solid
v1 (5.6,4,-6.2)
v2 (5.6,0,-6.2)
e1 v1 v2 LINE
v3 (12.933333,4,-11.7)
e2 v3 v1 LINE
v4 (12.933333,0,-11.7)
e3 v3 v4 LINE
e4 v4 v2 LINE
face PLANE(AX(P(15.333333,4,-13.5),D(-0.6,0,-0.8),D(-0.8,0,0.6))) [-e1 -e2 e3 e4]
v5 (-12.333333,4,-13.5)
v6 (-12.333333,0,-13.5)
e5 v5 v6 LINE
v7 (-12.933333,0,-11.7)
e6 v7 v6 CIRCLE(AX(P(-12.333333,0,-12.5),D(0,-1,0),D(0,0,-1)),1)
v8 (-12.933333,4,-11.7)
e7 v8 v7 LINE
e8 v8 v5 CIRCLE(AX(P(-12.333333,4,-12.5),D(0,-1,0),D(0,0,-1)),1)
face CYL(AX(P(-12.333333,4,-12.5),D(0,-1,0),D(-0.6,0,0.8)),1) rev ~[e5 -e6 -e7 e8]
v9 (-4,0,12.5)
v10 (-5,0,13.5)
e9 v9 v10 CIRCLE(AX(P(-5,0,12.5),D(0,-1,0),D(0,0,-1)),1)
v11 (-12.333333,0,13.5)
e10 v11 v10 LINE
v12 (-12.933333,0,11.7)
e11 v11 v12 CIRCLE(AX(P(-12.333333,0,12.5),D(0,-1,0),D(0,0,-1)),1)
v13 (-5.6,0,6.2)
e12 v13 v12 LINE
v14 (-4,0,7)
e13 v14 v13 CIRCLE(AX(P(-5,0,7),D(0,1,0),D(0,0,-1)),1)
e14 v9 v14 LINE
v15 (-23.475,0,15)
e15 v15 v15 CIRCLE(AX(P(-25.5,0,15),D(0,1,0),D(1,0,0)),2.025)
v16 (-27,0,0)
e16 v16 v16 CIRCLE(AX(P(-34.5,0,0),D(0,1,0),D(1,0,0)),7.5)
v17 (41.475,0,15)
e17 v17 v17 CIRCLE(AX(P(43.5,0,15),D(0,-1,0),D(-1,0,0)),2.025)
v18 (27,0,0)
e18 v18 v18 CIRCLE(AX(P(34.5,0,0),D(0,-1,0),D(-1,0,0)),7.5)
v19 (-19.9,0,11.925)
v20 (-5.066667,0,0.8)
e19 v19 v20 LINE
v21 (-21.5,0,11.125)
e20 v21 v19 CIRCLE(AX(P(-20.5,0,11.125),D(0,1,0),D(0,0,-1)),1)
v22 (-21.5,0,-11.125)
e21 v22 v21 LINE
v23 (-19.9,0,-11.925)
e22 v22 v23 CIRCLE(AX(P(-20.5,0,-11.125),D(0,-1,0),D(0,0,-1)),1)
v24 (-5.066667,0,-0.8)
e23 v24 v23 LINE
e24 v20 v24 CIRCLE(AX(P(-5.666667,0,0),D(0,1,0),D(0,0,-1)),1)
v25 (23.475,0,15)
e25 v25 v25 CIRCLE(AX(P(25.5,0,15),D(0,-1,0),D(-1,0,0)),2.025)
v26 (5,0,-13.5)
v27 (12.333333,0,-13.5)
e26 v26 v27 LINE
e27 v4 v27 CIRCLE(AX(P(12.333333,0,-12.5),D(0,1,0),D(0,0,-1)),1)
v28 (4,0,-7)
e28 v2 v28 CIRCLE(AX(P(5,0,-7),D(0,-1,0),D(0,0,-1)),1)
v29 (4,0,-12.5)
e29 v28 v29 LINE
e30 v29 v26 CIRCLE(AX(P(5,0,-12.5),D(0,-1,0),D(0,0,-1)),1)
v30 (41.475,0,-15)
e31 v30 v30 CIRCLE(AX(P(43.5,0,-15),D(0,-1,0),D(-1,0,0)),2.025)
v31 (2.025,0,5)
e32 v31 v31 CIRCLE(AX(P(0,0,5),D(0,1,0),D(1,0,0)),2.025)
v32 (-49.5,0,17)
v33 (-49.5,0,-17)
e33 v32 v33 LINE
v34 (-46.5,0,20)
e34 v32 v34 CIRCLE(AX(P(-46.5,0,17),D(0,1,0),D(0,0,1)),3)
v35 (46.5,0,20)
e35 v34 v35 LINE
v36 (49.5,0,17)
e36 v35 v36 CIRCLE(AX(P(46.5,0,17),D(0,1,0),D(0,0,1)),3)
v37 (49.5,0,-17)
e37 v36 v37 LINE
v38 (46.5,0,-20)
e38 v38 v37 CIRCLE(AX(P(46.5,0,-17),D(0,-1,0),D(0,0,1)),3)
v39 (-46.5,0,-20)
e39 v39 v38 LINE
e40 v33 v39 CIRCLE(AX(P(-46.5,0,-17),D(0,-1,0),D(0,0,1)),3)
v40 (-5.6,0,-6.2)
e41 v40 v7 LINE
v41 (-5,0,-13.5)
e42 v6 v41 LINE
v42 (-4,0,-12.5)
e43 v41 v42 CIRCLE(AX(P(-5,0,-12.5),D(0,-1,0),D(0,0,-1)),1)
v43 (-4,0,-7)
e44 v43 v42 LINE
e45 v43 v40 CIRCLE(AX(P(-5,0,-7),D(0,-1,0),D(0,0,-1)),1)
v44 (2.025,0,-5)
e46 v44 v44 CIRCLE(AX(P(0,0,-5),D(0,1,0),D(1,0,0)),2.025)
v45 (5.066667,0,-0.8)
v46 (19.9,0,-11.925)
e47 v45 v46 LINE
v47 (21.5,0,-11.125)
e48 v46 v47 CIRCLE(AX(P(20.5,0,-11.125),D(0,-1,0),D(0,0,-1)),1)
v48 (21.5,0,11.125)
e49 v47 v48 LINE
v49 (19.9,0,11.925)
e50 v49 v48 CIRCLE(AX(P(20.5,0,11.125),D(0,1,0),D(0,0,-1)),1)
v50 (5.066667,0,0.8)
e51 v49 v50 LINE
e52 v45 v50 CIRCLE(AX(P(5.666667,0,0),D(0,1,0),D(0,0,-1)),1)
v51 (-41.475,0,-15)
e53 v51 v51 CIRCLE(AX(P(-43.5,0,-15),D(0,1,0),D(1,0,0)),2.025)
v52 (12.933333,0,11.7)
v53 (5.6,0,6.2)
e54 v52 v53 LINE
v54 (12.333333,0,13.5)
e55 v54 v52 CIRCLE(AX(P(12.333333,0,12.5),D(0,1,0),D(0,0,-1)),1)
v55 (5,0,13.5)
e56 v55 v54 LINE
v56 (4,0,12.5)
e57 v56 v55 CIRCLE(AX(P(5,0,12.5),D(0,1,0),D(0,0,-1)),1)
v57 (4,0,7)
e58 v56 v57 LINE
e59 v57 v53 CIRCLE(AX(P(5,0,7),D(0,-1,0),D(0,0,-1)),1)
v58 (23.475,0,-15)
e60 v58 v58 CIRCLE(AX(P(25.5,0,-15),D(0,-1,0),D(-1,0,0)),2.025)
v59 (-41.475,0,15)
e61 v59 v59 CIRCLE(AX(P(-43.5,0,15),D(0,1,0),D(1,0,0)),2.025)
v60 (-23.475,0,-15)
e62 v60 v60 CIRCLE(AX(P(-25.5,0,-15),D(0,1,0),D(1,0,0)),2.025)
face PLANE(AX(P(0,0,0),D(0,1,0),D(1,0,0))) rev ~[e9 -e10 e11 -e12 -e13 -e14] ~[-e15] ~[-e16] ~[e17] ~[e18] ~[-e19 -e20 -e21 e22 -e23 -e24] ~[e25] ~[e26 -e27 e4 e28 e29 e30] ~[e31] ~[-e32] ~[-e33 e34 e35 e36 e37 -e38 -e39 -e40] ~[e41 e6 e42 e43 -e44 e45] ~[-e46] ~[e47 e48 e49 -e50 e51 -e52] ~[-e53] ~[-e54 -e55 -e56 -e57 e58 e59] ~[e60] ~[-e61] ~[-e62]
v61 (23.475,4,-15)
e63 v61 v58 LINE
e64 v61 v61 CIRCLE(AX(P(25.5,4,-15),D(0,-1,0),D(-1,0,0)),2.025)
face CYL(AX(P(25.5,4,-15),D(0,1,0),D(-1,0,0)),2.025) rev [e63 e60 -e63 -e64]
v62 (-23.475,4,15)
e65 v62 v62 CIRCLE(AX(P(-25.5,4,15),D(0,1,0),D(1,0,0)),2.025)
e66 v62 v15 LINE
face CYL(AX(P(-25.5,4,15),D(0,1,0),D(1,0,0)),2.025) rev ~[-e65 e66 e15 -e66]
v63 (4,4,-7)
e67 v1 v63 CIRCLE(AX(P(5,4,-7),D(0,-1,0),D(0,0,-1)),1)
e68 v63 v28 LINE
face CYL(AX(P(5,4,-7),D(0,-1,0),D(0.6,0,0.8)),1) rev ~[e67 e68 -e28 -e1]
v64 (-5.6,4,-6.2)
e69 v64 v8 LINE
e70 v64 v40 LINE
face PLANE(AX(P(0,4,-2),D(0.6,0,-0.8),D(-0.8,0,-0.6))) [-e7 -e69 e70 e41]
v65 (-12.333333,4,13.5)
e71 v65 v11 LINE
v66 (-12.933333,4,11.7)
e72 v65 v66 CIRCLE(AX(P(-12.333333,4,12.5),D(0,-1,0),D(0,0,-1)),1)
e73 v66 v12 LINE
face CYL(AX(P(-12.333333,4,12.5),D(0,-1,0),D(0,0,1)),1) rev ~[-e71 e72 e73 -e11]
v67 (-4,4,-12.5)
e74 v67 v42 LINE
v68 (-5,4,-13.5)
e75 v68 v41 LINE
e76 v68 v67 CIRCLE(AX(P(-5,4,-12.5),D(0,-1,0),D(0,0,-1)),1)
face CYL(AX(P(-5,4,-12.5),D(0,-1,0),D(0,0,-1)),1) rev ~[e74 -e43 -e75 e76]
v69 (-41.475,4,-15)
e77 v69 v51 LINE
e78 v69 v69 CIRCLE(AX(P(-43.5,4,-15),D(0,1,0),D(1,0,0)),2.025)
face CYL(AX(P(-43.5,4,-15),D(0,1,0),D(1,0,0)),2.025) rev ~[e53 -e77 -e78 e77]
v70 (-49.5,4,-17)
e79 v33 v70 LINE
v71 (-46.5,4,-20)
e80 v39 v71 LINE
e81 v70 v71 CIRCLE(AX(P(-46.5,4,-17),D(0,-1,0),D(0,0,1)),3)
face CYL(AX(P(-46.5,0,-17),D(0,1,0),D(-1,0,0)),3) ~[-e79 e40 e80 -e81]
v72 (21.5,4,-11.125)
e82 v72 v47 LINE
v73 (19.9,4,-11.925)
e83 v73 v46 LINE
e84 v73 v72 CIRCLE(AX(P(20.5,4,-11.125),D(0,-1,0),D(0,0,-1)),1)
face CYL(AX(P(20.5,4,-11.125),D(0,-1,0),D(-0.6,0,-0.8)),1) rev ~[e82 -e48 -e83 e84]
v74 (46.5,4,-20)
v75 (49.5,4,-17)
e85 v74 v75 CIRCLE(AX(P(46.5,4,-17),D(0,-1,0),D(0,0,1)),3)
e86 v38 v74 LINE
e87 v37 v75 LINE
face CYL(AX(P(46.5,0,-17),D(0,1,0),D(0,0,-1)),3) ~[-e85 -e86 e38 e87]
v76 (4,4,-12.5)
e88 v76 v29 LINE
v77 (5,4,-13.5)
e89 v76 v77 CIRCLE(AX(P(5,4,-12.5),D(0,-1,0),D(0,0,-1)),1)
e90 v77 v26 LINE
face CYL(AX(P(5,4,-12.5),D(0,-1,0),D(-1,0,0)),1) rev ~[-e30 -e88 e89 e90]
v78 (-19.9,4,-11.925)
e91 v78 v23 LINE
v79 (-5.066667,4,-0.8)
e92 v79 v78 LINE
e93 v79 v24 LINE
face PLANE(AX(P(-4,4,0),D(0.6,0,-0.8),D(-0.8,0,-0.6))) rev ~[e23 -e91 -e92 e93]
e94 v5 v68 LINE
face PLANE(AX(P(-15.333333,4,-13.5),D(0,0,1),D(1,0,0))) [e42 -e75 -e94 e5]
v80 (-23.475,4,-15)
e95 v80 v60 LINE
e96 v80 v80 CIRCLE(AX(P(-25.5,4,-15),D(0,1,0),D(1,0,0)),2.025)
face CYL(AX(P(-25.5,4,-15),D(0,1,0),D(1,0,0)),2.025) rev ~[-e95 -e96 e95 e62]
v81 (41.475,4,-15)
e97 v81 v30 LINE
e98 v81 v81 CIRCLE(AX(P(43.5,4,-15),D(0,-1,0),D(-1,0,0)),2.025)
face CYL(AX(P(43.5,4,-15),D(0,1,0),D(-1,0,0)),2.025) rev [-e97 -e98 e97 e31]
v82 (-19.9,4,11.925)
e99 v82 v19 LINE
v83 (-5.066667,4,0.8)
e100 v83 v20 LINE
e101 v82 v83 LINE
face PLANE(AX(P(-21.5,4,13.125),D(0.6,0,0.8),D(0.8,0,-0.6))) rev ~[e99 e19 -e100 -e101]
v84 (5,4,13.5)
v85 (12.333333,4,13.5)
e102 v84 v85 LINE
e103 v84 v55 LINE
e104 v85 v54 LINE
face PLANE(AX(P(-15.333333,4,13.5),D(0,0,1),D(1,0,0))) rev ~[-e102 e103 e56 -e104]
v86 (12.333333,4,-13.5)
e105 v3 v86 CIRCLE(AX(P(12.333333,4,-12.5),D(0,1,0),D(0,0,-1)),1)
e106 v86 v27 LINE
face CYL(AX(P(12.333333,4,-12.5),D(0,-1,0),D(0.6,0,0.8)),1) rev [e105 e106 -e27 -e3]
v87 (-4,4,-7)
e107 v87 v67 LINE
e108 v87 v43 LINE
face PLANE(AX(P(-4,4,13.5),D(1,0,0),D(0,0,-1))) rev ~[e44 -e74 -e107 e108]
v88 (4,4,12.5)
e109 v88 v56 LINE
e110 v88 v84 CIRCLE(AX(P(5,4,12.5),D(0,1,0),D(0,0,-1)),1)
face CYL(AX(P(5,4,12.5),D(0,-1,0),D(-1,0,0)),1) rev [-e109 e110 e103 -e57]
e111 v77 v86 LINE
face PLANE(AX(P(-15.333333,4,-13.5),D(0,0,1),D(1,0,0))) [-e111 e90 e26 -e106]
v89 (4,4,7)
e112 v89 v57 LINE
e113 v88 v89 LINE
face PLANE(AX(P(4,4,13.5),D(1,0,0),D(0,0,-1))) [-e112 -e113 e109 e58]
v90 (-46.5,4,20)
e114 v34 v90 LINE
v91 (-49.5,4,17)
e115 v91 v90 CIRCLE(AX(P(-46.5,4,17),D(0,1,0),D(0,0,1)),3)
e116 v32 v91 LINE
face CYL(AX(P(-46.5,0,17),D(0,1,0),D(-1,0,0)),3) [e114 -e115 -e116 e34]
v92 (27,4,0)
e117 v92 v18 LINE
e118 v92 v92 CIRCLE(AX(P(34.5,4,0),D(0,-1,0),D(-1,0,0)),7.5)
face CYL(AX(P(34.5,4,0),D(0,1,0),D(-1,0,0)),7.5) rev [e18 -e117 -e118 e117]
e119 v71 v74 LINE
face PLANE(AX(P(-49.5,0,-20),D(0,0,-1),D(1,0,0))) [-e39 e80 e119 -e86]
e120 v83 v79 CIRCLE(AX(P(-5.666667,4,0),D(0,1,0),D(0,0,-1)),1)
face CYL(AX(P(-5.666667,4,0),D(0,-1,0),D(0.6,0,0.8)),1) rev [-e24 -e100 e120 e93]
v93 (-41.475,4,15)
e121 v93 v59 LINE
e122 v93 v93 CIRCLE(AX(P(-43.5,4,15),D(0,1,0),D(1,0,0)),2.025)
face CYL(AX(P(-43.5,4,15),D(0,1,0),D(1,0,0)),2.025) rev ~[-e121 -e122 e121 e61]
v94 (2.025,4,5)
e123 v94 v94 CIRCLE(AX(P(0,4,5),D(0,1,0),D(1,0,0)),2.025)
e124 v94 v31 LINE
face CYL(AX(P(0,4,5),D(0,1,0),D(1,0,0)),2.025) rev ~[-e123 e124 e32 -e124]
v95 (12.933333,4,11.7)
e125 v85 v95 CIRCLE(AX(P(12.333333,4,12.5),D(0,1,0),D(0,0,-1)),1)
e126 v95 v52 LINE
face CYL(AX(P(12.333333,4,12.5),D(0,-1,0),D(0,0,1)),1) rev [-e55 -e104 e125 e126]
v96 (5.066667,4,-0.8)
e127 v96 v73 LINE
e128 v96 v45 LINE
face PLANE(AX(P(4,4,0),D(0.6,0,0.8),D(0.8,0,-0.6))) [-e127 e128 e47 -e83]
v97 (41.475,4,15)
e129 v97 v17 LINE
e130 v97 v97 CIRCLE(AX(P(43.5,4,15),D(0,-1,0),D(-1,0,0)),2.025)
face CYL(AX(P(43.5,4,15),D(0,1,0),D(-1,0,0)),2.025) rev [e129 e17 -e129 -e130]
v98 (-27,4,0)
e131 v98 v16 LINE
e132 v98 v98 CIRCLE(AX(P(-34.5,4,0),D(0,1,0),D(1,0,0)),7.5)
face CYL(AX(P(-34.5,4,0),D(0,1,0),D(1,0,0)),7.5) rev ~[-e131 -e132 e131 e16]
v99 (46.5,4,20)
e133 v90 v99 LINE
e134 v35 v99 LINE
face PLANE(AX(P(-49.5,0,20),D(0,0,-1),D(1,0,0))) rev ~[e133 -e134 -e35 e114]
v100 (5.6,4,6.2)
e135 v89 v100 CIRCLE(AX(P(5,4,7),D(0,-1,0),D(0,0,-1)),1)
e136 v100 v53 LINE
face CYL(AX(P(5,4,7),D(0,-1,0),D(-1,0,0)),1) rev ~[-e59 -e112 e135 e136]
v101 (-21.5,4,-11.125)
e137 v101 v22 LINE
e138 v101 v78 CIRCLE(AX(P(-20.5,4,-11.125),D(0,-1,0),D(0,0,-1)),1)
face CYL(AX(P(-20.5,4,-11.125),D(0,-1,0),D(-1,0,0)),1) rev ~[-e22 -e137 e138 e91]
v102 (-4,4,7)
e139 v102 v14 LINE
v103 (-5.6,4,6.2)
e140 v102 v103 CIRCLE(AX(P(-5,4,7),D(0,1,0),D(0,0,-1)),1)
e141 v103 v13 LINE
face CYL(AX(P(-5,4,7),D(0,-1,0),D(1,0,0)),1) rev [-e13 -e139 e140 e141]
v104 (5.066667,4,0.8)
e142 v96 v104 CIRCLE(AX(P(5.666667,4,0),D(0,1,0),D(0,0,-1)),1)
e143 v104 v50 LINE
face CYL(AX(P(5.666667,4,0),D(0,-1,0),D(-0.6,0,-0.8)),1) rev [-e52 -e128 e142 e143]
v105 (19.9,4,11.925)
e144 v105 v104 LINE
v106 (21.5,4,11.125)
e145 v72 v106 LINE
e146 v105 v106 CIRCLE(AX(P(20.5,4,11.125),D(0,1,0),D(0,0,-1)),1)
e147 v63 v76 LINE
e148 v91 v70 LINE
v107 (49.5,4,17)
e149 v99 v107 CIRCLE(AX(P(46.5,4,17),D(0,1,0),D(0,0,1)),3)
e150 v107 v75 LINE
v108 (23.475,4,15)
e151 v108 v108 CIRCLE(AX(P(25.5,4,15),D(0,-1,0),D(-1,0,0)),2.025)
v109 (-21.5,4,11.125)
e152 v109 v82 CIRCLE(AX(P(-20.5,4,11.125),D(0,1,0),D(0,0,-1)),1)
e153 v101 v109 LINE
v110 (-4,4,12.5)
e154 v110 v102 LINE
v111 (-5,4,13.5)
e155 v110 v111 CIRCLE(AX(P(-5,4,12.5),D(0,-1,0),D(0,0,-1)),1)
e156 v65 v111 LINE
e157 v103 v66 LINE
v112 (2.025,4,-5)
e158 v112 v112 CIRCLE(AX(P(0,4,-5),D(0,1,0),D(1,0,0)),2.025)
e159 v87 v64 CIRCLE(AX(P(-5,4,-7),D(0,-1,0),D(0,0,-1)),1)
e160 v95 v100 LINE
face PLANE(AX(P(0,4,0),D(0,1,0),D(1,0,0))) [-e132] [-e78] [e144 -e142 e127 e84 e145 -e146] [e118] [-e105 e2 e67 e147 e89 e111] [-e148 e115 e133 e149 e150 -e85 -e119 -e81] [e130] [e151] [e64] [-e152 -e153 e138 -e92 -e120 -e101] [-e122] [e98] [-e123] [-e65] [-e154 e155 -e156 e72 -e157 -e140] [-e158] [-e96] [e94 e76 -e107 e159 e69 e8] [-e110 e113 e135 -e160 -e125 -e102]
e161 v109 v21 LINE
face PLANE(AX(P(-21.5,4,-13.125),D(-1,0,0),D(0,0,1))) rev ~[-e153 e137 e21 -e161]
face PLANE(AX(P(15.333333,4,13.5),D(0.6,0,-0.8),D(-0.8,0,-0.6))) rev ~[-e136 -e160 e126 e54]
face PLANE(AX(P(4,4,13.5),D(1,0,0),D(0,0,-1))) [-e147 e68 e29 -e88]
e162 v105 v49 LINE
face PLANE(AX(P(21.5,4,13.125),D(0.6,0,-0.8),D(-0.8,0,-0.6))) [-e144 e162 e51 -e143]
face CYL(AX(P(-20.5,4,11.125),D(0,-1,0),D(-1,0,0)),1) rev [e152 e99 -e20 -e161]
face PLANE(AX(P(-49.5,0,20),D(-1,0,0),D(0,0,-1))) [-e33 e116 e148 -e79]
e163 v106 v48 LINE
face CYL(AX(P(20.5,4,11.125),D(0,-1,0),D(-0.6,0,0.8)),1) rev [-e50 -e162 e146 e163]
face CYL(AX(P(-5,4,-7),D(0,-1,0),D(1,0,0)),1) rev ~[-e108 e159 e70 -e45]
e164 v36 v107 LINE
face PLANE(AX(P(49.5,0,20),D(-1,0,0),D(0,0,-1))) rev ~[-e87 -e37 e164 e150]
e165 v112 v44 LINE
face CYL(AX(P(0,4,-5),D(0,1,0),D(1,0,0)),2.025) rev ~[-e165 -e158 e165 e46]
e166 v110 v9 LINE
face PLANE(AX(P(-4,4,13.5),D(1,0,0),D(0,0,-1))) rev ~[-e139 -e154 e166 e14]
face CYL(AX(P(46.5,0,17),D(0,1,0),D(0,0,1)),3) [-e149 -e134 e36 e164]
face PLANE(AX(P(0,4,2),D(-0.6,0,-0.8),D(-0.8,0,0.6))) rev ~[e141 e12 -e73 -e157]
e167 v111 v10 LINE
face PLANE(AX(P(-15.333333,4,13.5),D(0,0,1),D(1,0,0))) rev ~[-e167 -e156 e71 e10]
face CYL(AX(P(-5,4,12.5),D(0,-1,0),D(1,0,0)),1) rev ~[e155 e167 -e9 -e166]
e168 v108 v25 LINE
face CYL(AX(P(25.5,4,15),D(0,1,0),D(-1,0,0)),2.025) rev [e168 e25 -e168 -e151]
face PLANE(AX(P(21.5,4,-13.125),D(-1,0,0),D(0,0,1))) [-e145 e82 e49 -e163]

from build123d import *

# Parameters (mm, degrees)
SKETCH_1_W          = 99
SKETCH_1_H          = 40
EXTRUDE_1_DEPTH     = 4
SKETCH_2_R          = 2.025
CUT_EXTRUDE_1_DEPTH = 4
FILLET_1_R          = 3
CUT_EXTRUDE_2_DEPTH = 4
FILLET_2_R          = 1
SKETCH_4_R          = 7.5
CUT_EXTRUDE_3_DEPTH = 4
SKETCH_5_W          = 8
SKETCH_5_H          = 27
EXTRUDE_2_DEPTH     = 4
SKETCH_6_R          = 2.025
CUT_EXTRUDE_4_DEPTH = 4
FILLET_3_R          = 1


with BuildPart() as part:
    # 草图1 → 凸台-拉伸1 (new body)
    with BuildSketch(Plane(origin=(0, 0, 0), x_dir=(1, 0, 0), z_dir=(0, 1, 0))):
        Rectangle(SKETCH_1_W, SKETCH_1_H)
    extrude(amount=EXTRUDE_1_DEPTH)

    # 草图2 → 切除-拉伸1 (cut)
    with BuildSketch(Plane(origin=(0, 4, 0), x_dir=(1, 0, 0), z_dir=(0, 1, 0))):
        with Locations((-43.5, 15)):
            Circle(SKETCH_2_R)
        with Locations((-43.5, -15)):
            Circle(SKETCH_2_R)
        with Locations((-25.5, -15)):
            Circle(SKETCH_2_R)
        with Locations((-25.5, 15)):
            Circle(SKETCH_2_R)
    cut_extrude_1 = extrude(amount=-CUT_EXTRUDE_1_DEPTH, mode=Mode.SUBTRACT)

    # 镜向1: 切除-拉伸1 across plane
    add(cut_extrude_1.mirror(Plane(origin=(0, 0, 0), x_dir=(0, 0, 1), z_dir=(1, 0, 0))), mode=Mode.SUBTRACT)

    # 圆角1
    fillet_1_edges = [part.edges().sort_by_distance(p)[0] for p in [
        (49.5, 2, 20),
        (-49.5, 2, 20),
        (-49.5, 2, -20),
        (49.5, 2, -20),
    ]]
    fillet(fillet_1_edges, radius=FILLET_1_R)

    # 草图3 → 切除-拉伸2 (cut)
    with BuildSketch(Plane(origin=(0, 4, 0), x_dir=(1, 0, 0), z_dir=(0, 1, 0))):
        Polygon((-15.333333333, 13.5), (15.333333333, 13.5), (0, 2), align=None)
        Polygon((-21.5, 13.125), (-21.5, -13.125), (-4, 0), align=None)
        Polygon((-15.333333333, -13.5), (15.333333333, -13.5), (0, -2), align=None)
        Polygon((21.5, 13.125), (21.5, -13.125), (4, 0), align=None)
    extrude(amount=-CUT_EXTRUDE_2_DEPTH, mode=Mode.SUBTRACT)

    # 圆角2
    fillet_2_edges = [part.edges().sort_by_distance(p)[0] for p in [
        (15.333333333, 2, -13.5),
        (-15.333333333, 2, -13.5),
        (0, 2, -2),
        (15.333333333, 2, 13.5),
        (0, 2, 2),
        (-15.333333333, 2, 13.5),
        (-21.5, 2, 13.125),
        (-4, 2, 0),
        (-21.5, 2, -13.125),
        (21.5, 2, 13.125),
        (21.5, 2, -13.125),
        (4, 2, 0),
    ]]
    fillet(fillet_2_edges, radius=FILLET_2_R)

    # 草图4 → 切除-拉伸3 (cut)
    with BuildSketch(Plane(origin=(0, 4, 0), x_dir=(1, 0, 0), z_dir=(0, 1, 0))):
        with Locations((-34.5, 0)):
            Circle(SKETCH_4_R)
    cut_extrude_3 = extrude(amount=-CUT_EXTRUDE_3_DEPTH, mode=Mode.SUBTRACT)

    # 镜向2: 切除-拉伸3 across plane
    add(cut_extrude_3.mirror(Plane(origin=(0, 0, 0), x_dir=(0, 0, 1), z_dir=(1, 0, 0))), mode=Mode.SUBTRACT)

    # 草图5 → 凸台-拉伸2 (add)
    with BuildSketch(Plane(origin=(0, 4, 0), x_dir=(1, 0, 0), z_dir=(0, 1, 0))):
        Rectangle(SKETCH_5_W, SKETCH_5_H)
    extrude(amount=-EXTRUDE_2_DEPTH)

    # 草图6 → 切除-拉伸4 (cut)
    with BuildSketch(Plane(origin=(0, 4, 0), x_dir=(1, 0, 0), z_dir=(0, 1, 0))):
        with Locations((0, 5)):
            Circle(SKETCH_6_R)
        with Locations((0, -5)):
            Circle(SKETCH_6_R)
    extrude(amount=-CUT_EXTRUDE_4_DEPTH, mode=Mode.SUBTRACT)

    # 圆角3
    fillet_3_edges = [part.edges().sort_by_distance(p)[0] for p in [
        (-4, 2, 5),
        (4, 2, 5),
        (4, 2, -13.5),
        (-4, 2, 13.5),
        (-4, 2, -13.5),
        (-4, 2, -5),
        (4, 2, 13.5),
        (4, 2, -5),
    ]]
    fillet(fillet_3_edges, radius=FILLET_3_R)


solid = part.part
